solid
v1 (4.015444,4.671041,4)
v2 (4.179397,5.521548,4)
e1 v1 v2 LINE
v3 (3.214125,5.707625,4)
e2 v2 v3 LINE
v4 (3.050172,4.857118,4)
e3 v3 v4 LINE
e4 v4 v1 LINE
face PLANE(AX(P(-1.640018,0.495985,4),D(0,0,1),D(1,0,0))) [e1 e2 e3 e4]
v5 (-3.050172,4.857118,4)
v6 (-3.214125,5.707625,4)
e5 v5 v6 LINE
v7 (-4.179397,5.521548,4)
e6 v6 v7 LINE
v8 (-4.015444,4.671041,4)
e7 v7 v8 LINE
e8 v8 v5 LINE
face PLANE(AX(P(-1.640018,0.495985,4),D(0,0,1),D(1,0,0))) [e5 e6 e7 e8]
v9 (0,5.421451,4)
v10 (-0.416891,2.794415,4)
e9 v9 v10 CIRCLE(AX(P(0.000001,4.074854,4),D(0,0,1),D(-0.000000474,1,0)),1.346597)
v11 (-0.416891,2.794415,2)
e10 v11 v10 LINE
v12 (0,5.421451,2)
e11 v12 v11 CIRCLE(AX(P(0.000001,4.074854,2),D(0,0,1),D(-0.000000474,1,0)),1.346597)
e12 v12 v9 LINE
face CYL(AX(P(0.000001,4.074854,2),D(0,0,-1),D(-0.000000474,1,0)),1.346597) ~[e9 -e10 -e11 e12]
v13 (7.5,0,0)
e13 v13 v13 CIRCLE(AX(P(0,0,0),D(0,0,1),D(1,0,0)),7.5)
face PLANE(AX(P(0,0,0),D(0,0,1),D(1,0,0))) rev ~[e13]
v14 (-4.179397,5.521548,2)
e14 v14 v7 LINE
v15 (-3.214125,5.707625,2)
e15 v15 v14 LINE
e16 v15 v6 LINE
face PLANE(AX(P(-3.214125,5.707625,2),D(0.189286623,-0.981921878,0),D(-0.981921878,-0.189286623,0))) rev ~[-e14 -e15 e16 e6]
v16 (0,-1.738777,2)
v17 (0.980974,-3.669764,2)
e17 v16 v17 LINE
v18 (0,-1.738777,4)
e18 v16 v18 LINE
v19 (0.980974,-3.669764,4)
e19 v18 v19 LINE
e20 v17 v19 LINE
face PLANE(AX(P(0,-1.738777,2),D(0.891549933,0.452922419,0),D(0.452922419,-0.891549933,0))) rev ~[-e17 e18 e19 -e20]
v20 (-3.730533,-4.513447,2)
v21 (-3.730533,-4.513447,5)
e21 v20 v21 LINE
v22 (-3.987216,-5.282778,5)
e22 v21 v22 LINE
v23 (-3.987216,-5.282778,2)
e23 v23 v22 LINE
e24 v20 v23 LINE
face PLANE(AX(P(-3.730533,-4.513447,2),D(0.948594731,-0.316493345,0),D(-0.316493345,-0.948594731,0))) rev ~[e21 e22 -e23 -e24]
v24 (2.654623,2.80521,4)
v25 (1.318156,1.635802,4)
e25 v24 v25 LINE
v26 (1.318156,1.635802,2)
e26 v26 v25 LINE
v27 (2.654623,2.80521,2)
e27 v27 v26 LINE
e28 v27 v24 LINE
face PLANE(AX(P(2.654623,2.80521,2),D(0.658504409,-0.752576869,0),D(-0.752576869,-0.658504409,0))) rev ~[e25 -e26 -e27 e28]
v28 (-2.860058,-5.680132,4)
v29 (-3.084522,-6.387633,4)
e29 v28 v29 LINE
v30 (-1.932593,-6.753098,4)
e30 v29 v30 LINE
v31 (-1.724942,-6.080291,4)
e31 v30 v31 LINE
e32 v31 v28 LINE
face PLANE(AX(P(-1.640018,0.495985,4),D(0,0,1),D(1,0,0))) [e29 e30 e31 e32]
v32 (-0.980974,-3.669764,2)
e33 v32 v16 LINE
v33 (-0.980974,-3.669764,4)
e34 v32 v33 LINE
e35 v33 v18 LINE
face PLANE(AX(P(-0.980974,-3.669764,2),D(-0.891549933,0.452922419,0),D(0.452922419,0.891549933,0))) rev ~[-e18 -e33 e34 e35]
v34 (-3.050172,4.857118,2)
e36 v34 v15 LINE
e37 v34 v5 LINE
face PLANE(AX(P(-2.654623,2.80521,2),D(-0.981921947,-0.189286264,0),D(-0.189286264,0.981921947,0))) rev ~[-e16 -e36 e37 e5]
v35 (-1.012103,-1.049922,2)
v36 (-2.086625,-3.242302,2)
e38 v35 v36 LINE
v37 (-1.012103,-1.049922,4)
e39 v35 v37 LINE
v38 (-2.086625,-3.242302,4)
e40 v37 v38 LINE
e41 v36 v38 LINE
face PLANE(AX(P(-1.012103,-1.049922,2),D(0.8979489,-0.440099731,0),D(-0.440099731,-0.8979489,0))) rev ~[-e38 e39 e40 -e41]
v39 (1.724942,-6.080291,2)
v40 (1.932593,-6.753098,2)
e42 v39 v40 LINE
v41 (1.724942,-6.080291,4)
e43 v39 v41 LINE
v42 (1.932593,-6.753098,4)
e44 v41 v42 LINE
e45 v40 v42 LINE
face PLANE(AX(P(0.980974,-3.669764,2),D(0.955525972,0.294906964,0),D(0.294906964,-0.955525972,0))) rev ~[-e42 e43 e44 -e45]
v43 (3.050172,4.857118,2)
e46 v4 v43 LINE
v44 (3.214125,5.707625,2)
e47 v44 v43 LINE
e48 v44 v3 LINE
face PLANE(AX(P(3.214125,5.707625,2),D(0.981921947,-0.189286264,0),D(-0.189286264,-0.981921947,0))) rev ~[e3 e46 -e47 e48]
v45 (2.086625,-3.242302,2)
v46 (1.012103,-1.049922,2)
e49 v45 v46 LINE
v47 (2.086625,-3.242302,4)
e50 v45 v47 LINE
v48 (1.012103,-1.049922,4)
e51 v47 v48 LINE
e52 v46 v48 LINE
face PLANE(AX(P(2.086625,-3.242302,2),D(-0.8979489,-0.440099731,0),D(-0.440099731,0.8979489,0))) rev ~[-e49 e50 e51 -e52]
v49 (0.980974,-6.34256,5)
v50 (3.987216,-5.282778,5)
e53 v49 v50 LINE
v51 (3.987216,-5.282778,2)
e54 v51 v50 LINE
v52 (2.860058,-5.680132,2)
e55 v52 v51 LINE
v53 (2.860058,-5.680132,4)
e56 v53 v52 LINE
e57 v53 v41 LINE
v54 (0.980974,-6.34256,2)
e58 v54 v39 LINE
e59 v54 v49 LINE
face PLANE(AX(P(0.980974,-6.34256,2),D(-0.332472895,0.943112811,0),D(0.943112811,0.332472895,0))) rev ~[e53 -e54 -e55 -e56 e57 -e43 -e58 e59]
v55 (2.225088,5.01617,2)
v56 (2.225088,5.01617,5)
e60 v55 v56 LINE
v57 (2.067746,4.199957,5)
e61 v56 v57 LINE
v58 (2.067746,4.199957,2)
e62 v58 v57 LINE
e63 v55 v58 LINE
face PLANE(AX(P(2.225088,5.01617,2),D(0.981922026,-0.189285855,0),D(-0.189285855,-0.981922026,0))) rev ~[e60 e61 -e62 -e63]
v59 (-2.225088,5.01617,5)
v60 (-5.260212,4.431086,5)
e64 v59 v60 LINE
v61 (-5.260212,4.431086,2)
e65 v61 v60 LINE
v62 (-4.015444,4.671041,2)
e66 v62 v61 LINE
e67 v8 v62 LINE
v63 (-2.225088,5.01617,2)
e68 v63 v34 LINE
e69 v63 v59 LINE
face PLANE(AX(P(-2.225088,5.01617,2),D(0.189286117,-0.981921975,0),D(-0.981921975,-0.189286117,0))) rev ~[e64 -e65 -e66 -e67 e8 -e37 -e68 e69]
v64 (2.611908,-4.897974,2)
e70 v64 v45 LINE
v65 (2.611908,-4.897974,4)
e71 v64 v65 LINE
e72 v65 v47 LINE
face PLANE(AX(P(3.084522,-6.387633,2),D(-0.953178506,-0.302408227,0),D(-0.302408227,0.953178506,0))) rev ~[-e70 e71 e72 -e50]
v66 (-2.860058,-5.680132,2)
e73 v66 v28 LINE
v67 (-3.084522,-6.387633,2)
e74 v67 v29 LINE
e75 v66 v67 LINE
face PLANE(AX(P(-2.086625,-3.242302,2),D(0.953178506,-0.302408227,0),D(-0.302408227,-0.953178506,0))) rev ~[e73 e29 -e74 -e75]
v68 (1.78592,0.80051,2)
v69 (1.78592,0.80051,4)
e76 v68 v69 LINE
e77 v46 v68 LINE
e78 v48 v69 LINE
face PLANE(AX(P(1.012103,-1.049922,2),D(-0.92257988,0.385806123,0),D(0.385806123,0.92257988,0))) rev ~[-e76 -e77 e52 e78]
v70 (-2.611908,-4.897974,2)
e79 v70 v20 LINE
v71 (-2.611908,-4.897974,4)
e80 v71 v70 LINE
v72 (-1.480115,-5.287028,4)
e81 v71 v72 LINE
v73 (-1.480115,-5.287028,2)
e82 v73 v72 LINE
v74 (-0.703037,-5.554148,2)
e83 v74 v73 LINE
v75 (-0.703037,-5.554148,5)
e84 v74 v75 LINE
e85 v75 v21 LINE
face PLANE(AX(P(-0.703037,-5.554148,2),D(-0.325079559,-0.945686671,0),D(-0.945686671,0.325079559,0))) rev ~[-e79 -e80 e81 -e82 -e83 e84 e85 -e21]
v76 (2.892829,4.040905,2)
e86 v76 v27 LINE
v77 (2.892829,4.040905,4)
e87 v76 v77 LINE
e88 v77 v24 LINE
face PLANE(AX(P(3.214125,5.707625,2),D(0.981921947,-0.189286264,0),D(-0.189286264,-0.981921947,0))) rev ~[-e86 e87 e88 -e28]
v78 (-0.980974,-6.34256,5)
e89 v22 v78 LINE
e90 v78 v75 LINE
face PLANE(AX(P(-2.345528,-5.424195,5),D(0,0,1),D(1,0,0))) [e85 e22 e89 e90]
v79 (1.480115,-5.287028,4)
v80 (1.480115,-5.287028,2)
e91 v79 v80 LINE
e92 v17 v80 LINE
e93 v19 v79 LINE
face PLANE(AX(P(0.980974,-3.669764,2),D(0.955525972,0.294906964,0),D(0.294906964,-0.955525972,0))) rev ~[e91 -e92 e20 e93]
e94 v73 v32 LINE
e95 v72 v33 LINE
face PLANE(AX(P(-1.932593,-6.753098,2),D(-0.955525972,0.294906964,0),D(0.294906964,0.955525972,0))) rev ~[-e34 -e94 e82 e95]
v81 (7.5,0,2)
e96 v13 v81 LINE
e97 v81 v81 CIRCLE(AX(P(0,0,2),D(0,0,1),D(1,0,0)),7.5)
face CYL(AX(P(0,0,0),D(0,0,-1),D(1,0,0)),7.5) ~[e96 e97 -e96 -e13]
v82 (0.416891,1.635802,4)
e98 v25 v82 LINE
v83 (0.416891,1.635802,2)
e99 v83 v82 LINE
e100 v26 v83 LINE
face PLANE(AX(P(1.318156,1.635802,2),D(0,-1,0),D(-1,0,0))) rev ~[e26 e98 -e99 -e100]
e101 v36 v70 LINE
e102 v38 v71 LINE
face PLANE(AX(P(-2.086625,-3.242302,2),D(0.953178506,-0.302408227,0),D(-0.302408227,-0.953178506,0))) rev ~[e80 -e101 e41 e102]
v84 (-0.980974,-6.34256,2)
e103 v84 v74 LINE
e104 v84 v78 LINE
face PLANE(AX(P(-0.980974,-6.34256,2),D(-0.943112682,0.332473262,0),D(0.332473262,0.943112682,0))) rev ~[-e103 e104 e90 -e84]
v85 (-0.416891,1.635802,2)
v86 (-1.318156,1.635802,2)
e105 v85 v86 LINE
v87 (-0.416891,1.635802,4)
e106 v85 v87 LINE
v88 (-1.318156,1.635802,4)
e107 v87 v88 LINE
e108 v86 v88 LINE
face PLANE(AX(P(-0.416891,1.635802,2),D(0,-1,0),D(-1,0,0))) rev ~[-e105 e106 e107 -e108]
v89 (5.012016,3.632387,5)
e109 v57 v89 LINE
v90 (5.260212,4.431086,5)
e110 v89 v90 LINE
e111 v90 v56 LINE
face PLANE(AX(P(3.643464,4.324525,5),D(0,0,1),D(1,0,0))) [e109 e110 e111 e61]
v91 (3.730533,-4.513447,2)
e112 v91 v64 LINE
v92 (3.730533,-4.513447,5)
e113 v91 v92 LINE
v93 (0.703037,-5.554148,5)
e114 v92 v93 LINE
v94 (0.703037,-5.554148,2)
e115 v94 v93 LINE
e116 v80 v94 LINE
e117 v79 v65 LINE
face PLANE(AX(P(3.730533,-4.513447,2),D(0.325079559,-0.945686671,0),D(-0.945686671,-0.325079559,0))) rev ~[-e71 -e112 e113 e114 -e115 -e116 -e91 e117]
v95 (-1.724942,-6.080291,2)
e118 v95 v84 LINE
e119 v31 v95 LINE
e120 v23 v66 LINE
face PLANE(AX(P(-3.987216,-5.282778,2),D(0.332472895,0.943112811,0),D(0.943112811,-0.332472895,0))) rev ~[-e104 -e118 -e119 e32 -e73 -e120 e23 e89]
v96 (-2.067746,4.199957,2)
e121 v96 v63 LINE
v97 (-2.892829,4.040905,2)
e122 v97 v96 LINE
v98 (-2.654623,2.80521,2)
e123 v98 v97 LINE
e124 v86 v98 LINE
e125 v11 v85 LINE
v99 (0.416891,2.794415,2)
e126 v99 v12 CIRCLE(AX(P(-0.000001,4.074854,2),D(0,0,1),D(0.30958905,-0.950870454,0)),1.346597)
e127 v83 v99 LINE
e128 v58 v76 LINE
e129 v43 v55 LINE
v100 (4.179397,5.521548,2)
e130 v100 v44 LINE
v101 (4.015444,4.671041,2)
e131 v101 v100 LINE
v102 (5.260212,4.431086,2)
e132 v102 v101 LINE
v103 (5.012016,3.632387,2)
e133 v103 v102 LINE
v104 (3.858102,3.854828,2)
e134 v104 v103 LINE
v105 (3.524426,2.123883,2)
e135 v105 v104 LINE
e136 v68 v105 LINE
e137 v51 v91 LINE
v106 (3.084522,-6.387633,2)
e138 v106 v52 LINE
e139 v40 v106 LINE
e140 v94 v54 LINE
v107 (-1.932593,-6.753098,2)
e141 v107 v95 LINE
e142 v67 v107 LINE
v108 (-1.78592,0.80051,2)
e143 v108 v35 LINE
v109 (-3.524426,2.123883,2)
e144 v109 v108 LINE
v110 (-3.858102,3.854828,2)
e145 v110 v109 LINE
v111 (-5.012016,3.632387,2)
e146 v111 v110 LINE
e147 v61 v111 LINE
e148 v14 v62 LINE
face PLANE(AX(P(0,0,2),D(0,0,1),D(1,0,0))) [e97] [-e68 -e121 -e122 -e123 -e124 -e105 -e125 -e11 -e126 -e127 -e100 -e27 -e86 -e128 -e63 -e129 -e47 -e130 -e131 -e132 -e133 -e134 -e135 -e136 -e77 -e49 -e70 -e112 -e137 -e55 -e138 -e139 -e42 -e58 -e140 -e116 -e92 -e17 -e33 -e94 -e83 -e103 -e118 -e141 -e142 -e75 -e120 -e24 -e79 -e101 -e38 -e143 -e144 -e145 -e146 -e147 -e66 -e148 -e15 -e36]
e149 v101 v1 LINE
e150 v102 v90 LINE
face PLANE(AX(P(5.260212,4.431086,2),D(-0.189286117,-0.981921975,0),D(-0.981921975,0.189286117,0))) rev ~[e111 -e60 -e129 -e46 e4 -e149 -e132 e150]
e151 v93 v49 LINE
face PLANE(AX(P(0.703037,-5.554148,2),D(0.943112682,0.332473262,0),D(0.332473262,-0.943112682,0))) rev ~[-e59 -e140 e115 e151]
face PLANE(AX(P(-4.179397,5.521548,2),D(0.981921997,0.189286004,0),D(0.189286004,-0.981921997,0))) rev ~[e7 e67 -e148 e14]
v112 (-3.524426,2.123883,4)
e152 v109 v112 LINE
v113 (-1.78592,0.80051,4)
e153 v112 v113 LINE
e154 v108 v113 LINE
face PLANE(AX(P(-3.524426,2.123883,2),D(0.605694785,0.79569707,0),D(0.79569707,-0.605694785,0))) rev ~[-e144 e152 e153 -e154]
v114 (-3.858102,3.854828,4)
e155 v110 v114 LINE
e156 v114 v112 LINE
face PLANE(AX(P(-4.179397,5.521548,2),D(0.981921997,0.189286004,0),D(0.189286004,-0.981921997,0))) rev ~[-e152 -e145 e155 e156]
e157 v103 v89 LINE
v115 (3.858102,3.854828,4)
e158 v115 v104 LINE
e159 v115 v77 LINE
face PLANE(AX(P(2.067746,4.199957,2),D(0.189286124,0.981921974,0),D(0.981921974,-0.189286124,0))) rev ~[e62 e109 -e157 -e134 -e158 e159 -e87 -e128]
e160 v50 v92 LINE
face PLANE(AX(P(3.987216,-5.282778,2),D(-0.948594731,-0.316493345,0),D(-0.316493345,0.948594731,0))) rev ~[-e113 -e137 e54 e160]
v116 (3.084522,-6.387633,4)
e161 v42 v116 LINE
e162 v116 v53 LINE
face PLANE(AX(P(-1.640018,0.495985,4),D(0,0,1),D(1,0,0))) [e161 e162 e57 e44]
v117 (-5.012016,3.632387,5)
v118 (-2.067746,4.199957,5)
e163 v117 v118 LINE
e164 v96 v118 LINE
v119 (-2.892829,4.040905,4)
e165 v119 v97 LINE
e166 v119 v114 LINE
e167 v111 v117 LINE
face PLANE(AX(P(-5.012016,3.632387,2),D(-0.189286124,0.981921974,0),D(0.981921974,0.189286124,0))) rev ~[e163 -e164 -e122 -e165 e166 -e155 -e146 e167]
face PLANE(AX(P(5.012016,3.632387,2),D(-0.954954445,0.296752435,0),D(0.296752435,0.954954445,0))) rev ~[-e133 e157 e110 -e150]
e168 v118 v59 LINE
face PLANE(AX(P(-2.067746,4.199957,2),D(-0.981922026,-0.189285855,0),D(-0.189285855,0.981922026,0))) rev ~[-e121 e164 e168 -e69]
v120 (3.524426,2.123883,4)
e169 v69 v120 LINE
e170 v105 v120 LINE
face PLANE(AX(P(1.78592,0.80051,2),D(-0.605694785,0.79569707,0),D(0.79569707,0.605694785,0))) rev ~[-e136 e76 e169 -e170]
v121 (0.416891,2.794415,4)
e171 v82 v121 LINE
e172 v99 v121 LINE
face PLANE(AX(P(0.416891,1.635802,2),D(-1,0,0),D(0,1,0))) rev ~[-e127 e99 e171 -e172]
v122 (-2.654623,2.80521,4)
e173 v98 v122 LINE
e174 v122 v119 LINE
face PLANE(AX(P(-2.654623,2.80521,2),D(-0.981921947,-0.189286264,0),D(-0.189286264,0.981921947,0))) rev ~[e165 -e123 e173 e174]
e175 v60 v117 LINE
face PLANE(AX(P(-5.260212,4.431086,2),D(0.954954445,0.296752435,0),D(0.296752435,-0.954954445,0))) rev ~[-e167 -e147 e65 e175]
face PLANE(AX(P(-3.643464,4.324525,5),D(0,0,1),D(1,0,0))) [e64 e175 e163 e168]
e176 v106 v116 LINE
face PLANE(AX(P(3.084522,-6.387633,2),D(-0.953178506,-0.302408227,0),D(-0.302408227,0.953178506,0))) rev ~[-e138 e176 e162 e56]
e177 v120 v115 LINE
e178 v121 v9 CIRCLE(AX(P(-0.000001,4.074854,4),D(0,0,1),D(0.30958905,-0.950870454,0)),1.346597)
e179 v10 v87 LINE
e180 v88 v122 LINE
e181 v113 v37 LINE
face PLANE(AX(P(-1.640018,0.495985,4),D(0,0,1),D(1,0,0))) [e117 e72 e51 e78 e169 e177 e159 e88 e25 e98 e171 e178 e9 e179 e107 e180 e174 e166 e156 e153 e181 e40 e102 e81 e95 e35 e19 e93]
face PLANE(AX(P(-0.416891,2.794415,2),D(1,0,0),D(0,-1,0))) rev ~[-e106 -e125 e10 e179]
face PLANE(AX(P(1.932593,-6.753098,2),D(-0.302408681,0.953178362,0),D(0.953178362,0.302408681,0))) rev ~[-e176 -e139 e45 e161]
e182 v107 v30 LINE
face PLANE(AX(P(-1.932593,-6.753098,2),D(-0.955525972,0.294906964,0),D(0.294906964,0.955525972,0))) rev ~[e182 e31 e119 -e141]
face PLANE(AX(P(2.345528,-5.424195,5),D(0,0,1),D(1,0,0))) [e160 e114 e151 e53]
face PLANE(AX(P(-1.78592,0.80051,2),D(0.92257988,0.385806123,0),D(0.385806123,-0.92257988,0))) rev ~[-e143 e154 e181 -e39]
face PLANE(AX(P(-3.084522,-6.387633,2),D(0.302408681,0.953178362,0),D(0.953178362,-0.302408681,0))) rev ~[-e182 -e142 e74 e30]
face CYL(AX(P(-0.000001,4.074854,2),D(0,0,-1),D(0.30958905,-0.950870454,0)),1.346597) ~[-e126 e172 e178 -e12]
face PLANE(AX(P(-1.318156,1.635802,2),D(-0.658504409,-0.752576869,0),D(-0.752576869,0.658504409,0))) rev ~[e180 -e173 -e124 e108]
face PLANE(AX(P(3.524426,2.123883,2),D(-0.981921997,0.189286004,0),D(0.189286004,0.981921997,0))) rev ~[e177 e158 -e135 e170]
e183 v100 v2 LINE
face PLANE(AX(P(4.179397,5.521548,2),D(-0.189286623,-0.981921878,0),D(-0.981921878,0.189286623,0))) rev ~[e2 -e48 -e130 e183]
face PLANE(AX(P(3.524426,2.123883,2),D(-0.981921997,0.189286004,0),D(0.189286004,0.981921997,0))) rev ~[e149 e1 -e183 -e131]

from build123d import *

# Parameters (mm, degrees)
F0_R     = 7.5
F1_DEPTH = 2
F3_DEPTH = 2
F5_DEPTH = 3


with BuildPart() as f1:
    # F0 (on Top) → F1 (new body)
    with BuildSketch(Plane.XY):
        Circle(F0_R)
    extrude(amount=F1_DEPTH)

    # F2 (on face) → F3 (join)
    with BuildSketch(Plane.XY.offset(2)):
        with BuildLine():
            Line((0, -1.738777), (0, 5.421451))
            ThreePointArc((0, 5.421451), (-1.329954, 4.285908), (-0.416891, 2.794415))
            Line((-0.416891, 2.794415), (-0.416891, 1.635802))
            Line((-0.416891, 1.635802), (-1.318156, 1.635802))
            Line((-1.318156, 1.635802), (-2.654623, 2.80521))
            Line((-2.654623, 2.80521), (-3.214125, 5.707625))
            Line((-3.214125, 5.707625), (-4.179397, 5.521548))
            Line((-4.179397, 5.521548), (-3.524426, 2.123883))
            Line((-3.524426, 2.123883), (-1.78592, 0.80051))
            Line((-1.78592, 0.80051), (-1.012103, -1.049922))
            Line((-1.012103, -1.049922), (-2.086625, -3.242302))
            Line((-2.086625, -3.242302), (-3.084522, -6.387633))
            Line((-3.084522, -6.387633), (-1.932593, -6.753098))
            Line((-1.932593, -6.753098), (-0.980974, -3.669764))
            Line((-0.980974, -3.669764), (0, -1.738777))
        make_face()
        with BuildLine():
            ThreePointArc((0.416891, 2.794415), (1.329954, 4.285908), (0, 5.421451))
            Line((0, 5.421451), (0, -1.738777))
            Line((0, -1.738777), (0.980974, -3.669764))
            Line((0.980974, -3.669764), (1.932593, -6.753098))
            Line((1.932593, -6.753098), (3.084522, -6.387633))
            Line((3.084522, -6.387633), (2.086625, -3.242302))
            Line((2.086625, -3.242302), (1.012103, -1.049922))
            Line((1.012103, -1.049922), (1.78592, 0.80051))
            Line((1.78592, 0.80051), (3.524426, 2.123883))
            Line((3.524426, 2.123883), (4.179397, 5.521548))
            Line((4.179397, 5.521548), (3.214125, 5.707625))
            Line((3.214125, 5.707625), (2.654623, 2.80521))
            Line((2.654623, 2.80521), (1.318156, 1.635802))
            Line((1.318156, 1.635802), (0.416891, 1.635802))
            Line((0.416891, 1.635802), (0.416891, 2.794415))
        make_face()
    extrude(amount=F3_DEPTH)

    # F4 (on face) → F5 (join)
    with BuildSketch(Plane.XY.offset(2)):
        Polygon((-2.225088, 5.01617), (-5.260212, 4.431086), (-5.012016, 3.632387), (-2.067746, 4.199957), align=None)
        Polygon((-0.703037, -5.554148), (-3.730533, -4.513447), (-3.987216, -5.282778), (-0.980974, -6.34256), align=None)
        Polygon((5.012016, 3.632387), (5.260212, 4.431086), (2.225088, 5.01617), (2.067746, 4.199957), align=None)
        Polygon((3.987216, -5.282778), (3.730533, -4.513447), (0.703037, -5.554148), (0.980974, -6.34256), align=None)
    extrude(amount=F5_DEPTH)


solid = f1.part
